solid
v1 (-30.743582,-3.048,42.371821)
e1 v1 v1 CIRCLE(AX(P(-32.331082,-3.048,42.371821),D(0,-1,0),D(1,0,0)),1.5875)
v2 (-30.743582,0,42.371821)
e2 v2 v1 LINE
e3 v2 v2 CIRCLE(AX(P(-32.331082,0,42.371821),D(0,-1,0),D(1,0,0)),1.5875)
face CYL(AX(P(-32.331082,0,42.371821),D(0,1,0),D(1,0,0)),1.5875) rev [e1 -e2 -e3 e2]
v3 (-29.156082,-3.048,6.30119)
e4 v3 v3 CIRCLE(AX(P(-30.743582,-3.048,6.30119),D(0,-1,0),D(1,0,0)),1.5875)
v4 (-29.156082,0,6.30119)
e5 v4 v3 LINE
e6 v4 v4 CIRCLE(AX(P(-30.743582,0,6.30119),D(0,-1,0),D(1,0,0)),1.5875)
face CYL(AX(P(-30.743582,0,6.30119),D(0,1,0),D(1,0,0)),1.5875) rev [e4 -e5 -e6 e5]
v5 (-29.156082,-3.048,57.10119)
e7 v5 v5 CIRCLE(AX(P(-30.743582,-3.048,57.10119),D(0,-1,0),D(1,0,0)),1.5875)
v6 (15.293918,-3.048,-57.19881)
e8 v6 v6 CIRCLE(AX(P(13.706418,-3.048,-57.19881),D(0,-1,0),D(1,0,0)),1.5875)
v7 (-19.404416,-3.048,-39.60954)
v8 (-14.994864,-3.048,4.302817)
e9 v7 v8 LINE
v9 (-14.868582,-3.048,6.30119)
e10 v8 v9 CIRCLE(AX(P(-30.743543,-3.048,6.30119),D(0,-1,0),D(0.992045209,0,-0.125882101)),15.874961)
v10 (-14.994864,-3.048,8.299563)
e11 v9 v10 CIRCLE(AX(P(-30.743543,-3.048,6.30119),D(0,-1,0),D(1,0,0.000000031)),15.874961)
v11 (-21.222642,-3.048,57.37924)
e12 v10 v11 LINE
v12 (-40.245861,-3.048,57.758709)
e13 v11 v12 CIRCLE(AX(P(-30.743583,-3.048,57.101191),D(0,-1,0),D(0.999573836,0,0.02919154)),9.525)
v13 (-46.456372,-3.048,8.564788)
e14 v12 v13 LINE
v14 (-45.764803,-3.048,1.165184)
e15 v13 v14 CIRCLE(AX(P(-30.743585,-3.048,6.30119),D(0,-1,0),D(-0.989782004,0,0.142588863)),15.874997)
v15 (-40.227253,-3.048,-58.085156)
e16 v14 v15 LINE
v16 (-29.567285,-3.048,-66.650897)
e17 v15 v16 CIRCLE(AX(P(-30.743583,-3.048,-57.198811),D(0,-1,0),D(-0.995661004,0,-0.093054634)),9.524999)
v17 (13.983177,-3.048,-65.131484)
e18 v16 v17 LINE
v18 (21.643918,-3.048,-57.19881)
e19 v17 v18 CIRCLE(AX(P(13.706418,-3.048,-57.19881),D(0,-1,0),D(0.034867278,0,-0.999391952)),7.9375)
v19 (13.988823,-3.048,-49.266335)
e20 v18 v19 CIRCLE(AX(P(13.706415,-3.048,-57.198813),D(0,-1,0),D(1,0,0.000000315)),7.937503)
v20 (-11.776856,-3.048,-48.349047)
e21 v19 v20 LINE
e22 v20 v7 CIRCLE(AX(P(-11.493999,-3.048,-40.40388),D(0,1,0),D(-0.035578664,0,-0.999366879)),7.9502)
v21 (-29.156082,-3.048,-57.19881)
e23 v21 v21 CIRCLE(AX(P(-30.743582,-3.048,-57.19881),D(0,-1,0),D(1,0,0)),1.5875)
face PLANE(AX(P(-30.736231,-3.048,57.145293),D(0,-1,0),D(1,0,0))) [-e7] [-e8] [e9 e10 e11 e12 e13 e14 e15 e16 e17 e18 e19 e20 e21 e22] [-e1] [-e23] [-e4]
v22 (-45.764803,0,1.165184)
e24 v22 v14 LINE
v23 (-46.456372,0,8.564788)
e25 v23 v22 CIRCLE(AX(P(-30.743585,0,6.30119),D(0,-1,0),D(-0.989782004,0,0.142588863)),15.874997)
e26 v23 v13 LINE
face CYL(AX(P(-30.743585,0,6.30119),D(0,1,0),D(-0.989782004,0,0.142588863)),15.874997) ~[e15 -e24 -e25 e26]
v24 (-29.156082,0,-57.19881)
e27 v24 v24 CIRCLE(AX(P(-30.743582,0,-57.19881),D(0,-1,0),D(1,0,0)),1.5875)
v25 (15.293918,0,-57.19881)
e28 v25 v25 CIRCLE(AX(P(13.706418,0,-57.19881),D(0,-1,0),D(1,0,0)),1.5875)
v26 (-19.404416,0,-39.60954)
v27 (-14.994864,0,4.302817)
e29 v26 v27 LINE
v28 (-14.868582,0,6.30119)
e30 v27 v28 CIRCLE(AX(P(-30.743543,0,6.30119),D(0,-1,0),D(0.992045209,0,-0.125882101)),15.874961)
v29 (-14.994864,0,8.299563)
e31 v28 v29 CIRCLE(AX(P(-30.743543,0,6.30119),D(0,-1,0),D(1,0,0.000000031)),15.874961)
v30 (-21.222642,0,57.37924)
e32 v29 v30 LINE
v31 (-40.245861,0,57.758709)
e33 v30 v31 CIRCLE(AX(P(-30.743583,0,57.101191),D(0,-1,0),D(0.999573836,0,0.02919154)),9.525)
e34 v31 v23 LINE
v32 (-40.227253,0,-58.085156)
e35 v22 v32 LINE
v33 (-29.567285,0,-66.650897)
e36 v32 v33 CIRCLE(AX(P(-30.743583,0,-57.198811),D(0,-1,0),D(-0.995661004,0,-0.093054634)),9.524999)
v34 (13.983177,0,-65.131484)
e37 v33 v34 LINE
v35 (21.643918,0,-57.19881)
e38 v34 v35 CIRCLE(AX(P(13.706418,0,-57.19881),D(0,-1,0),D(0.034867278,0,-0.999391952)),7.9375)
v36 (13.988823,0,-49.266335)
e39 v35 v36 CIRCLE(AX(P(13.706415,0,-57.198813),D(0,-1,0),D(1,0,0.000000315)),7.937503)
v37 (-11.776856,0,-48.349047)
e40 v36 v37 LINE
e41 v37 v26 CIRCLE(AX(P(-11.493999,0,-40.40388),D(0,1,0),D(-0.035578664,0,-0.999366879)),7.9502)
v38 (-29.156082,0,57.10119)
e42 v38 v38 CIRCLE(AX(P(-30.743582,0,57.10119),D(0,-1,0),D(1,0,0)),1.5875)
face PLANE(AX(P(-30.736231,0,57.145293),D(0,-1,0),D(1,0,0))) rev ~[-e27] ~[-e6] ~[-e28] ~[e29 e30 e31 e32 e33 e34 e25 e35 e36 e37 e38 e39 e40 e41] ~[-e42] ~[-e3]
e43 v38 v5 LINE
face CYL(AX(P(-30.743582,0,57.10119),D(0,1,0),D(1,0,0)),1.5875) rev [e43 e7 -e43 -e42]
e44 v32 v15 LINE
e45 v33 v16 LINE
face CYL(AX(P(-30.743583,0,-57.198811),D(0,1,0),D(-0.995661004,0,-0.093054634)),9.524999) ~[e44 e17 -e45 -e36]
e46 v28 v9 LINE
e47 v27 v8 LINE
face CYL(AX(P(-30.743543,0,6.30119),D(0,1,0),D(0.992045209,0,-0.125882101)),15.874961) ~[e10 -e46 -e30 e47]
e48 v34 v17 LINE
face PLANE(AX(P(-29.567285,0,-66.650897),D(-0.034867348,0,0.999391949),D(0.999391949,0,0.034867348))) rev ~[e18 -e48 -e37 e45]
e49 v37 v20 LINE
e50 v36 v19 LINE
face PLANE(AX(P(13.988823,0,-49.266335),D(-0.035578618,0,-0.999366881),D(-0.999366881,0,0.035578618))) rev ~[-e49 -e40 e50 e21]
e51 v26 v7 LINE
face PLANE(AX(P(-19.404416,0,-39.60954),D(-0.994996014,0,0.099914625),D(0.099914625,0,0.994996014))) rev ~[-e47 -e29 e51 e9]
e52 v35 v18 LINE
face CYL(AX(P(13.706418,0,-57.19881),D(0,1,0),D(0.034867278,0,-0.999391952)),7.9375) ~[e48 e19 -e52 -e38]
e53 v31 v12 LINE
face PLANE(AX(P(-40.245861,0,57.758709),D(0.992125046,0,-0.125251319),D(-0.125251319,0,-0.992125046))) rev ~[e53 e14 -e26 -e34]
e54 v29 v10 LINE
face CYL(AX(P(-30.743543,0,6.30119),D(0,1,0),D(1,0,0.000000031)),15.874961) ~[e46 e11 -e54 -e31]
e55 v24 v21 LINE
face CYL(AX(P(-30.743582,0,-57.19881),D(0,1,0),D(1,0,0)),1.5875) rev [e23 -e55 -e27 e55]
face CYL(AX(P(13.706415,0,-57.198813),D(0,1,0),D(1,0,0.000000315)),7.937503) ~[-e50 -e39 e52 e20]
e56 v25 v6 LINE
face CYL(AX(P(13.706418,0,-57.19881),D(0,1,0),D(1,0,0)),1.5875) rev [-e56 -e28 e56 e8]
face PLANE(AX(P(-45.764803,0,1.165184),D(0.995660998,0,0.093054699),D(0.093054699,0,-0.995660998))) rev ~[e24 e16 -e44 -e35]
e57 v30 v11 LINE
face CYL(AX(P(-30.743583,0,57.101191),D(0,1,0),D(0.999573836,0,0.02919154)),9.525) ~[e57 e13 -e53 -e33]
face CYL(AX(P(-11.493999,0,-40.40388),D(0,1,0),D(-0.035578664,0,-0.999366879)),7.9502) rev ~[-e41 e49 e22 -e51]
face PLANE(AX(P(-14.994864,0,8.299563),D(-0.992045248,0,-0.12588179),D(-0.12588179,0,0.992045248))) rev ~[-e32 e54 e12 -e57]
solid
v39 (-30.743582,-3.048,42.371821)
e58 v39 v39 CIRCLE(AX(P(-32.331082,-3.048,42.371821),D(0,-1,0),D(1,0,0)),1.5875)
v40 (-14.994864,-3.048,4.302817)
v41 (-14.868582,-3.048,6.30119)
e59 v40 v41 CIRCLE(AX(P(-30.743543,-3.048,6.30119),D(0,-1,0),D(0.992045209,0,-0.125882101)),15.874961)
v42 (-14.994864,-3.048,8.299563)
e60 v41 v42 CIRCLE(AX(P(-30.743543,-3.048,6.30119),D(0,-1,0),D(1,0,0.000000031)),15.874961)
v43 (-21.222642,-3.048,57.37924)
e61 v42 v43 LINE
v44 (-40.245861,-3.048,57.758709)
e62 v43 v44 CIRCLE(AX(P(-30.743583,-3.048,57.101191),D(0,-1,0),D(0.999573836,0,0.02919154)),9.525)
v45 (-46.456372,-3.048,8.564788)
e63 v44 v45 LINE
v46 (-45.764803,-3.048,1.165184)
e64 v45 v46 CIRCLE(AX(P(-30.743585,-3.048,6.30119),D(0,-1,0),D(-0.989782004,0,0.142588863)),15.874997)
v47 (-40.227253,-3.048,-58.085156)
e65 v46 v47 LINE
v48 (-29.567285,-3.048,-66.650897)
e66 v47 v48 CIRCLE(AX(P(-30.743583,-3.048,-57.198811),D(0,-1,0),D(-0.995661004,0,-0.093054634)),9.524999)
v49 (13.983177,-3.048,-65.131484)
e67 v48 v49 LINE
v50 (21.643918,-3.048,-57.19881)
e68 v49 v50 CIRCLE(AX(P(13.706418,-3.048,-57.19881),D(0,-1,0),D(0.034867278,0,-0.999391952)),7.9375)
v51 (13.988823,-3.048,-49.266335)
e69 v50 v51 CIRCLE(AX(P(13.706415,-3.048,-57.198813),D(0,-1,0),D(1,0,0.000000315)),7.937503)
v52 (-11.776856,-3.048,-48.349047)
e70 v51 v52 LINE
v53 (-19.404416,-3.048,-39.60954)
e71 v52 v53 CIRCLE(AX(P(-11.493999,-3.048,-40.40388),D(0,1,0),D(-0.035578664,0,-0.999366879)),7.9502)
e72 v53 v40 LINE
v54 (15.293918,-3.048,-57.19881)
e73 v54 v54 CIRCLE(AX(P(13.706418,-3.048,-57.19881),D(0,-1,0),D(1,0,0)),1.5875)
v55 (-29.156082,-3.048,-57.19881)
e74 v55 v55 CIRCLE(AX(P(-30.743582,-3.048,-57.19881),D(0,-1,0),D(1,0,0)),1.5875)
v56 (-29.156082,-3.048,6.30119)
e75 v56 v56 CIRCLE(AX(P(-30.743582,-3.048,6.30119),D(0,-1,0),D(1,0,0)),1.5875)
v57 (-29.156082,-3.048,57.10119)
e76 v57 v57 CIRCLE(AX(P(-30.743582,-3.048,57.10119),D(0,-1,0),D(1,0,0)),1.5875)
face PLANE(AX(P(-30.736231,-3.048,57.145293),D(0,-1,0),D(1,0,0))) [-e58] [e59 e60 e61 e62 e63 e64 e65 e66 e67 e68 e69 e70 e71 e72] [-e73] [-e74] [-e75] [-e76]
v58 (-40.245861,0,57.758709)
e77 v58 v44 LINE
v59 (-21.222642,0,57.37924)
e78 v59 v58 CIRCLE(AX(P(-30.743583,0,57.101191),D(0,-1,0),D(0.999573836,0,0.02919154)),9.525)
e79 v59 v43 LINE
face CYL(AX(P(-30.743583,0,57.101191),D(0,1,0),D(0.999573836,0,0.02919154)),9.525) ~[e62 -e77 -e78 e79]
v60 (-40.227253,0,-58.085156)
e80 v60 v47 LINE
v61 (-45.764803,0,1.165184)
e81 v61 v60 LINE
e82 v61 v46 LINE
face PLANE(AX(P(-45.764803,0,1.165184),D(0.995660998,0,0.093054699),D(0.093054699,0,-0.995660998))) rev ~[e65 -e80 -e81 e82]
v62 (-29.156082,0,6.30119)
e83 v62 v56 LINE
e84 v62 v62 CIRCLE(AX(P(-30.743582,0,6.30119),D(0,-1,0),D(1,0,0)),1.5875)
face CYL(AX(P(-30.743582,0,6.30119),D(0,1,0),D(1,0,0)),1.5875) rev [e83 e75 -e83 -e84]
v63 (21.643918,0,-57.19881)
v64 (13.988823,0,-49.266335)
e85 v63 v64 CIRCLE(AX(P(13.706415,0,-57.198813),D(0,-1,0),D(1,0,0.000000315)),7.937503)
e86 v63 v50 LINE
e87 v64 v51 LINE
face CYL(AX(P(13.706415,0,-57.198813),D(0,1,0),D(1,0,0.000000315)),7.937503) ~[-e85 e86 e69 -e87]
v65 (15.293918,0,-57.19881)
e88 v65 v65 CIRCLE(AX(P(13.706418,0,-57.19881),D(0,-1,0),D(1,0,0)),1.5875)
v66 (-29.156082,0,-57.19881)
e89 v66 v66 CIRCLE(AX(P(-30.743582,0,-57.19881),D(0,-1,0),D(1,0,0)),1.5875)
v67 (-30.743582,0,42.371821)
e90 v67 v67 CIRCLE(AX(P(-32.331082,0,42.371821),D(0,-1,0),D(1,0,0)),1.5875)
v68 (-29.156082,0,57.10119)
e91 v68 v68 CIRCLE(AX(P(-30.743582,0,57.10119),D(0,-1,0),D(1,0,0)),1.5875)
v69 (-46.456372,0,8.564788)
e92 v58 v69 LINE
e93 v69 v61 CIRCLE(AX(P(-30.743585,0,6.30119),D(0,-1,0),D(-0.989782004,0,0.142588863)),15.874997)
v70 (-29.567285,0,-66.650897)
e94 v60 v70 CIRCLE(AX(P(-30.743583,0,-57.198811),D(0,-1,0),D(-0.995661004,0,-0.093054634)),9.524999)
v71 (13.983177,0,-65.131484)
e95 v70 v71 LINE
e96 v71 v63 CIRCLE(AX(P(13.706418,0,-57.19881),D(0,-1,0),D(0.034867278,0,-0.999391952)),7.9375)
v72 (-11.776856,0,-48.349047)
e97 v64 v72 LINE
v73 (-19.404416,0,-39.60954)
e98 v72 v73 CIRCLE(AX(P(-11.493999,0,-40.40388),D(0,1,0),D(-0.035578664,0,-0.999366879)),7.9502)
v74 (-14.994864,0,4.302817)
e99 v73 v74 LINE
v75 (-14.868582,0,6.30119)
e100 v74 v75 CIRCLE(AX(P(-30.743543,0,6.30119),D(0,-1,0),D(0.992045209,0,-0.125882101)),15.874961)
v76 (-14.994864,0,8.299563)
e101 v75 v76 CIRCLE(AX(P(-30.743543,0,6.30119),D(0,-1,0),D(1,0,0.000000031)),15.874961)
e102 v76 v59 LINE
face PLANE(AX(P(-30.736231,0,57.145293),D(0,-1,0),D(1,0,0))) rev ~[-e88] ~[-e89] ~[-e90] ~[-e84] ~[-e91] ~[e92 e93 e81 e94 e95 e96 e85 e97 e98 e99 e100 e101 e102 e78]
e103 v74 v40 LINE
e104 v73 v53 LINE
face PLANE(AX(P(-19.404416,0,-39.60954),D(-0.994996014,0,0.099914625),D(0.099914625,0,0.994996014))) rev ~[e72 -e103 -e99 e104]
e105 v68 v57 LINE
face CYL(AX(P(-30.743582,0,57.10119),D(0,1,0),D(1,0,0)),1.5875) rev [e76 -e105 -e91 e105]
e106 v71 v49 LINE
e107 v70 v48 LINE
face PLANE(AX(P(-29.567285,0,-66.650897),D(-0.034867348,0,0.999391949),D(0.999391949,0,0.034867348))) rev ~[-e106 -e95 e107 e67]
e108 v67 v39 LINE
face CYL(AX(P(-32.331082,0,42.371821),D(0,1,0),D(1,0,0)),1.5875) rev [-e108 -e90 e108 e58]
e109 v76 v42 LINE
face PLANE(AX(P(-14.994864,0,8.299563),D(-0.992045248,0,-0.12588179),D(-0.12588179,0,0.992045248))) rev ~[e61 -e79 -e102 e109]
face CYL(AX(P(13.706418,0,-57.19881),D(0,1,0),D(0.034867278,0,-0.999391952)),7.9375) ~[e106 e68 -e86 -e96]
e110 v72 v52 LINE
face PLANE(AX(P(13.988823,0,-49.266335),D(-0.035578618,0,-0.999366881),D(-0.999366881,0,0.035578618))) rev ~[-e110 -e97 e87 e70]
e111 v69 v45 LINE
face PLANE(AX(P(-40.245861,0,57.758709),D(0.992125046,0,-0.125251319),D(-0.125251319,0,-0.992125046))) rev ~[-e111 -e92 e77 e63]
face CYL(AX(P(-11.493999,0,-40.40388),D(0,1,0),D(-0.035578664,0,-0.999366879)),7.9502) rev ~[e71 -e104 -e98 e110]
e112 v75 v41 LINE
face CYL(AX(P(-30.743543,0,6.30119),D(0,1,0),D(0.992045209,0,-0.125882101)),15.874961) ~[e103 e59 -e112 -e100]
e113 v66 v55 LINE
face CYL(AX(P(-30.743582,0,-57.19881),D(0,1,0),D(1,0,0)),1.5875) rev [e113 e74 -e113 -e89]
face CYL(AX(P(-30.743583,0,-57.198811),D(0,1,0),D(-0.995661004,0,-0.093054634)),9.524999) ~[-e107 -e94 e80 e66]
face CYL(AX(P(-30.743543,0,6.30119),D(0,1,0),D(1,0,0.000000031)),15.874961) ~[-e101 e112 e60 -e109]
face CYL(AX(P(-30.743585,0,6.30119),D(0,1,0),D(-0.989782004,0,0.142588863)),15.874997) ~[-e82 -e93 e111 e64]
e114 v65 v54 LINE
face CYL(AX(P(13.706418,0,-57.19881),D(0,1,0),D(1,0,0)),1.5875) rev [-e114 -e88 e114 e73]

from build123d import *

# Parameters (mm, degrees)
F0_R     = 1.5875
F1_DEPTH = 3.048
F2_DEPTH = 3.048


with BuildPart() as f1:
    # F0 (on Front) → F1 (new body)
    with BuildSketch(Plane.XZ):
        with BuildLine():
            ThreePointArc((-40.245861, 57.758709), (-31.072538, 47.581872), (-21.218582, 57.10119))
            ThreePointArc((-21.218582, 57.10119), (-21.219597, 57.24023), (-21.222642, 57.37924))
            ThreePointArc((-21.222642, 57.37924), (-30.553618, 66.624296), (-40.245861, 57.758709))
        make_face()
        with Locations((-30.743582, 57.10119)):
            Circle(F0_R, mode=Mode.SUBTRACT)
        with BuildLine():
            ThreePointArc((-21.222642, 57.37924), (-21.219597, 57.24023), (-21.218582, 57.10119))
            ThreePointArc((-21.218582, 57.10119), (-31.072538, 47.581872), (-40.245861, 57.758709))
            Line((-40.245861, 57.758709), (-46.456372, 8.564788))
            ThreePointArc((-46.456372, 8.564788), (-30.609759, 22.175626), (-14.994864, 8.299563))
            Line((-14.994864, 8.299563), (-21.222642, 57.37924))
        make_face()
        with Locations((-32.331082, 42.371821)):
            Circle(F0_R, mode=Mode.SUBTRACT)
        with BuildLine():
            ThreePointArc((-14.868582, 6.30119), (-14.900184, 7.30237), (-14.994864, 8.299563))
            ThreePointArc((-14.994864, 8.299563), (-30.609759, 22.175626), (-46.456372, 8.564788))
            Line((-46.456372, 8.564788), (-45.764803, 1.165184))
            ThreePointArc((-45.764803, 1.165184), (-29.133149, -9.491914), (-14.994864, 4.302817))
            ThreePointArc((-14.994864, 4.302817), (-14.900184, 5.30001), (-14.868582, 6.30119))
        make_face()
        with Locations((-30.743582, 6.30119)):
            Circle(F0_R, mode=Mode.SUBTRACT)
        with BuildLine():
            Line((-45.764803, 1.165184), (-46.456372, 8.564788))
            ThreePointArc((-46.456372, 8.564788), (-46.549701, 4.823947), (-45.764803, 1.165184))
        make_face()
        with BuildLine():
            ThreePointArc((-14.994864, 4.302817), (-29.133149, -9.491914), (-45.764803, 1.165184))
            Line((-45.764803, 1.165184), (-40.227253, -58.085156))
            ThreePointArc((-40.227253, -58.085156), (-31.187237, -47.684148), (-21.218582, -57.19881))
            ThreePointArc((-21.218582, -57.19881), (-23.60461, -63.504418), (-29.567285, -66.650897))
            Line((-29.567285, -66.650897), (13.983177, -65.131484))
            ThreePointArc((13.983177, -65.131484), (5.768918, -57.195985), (13.988823, -49.266335))
            Line((13.988823, -49.266335), (-11.776856, -48.349047))
            ThreePointArc((-11.776856, -48.349047), (-17.483755, -45.631547), (-19.404416, -39.60954))
            Line((-19.404416, -39.60954), (-14.994864, 4.302817))
        make_face()
        with BuildLine():
            ThreePointArc((-21.218582, -57.19881), (-31.187237, -47.684148), (-40.227253, -58.085156))
            ThreePointArc((-40.227253, -58.085156), (-36.709829, -64.623736), (-29.567285, -66.650897))
            ThreePointArc((-29.567285, -66.650897), (-23.60461, -63.504418), (-21.218582, -57.19881))
        make_face()
        with Locations((-30.743582, -57.19881)):
            Circle(F0_R, mode=Mode.SUBTRACT)
        with BuildLine():
            ThreePointArc((13.988823, -49.266335), (5.768918, -57.195985), (13.983177, -65.131484))
            ThreePointArc((13.983177, -65.131484), (19.416089, -62.712753), (21.643918, -57.19881))
            ThreePointArc((21.643918, -57.19881), (19.41805, -51.6869), (13.988823, -49.266335))
        make_face()
        with Locations((13.706418, -57.19881)):
            Circle(F0_R, mode=Mode.SUBTRACT)
    extrude(amount=F1_DEPTH)


with BuildPart() as f2:
    # F0 (on Front) → F2 (new body)
    with BuildSketch(Plane.XZ):
        with BuildLine():
            ThreePointArc((-40.245861, 57.758709), (-31.072538, 47.581872), (-21.218582, 57.10119))
            ThreePointArc((-21.218582, 57.10119), (-21.219597, 57.24023), (-21.222642, 57.37924))
            ThreePointArc((-21.222642, 57.37924), (-30.553618, 66.624296), (-40.245861, 57.758709))
        make_face()
        with Locations((-30.743582, 57.10119)):
            Circle(F0_R, mode=Mode.SUBTRACT)
        with BuildLine():
            ThreePointArc((-21.222642, 57.37924), (-21.219597, 57.24023), (-21.218582, 57.10119))
            ThreePointArc((-21.218582, 57.10119), (-31.072538, 47.581872), (-40.245861, 57.758709))
            Line((-40.245861, 57.758709), (-46.456372, 8.564788))
            ThreePointArc((-46.456372, 8.564788), (-30.609759, 22.175626), (-14.994864, 8.299563))
            Line((-14.994864, 8.299563), (-21.222642, 57.37924))
        make_face()
        with Locations((-32.331082, 42.371821)):
            Circle(F0_R, mode=Mode.SUBTRACT)
        with BuildLine():
            ThreePointArc((-14.868582, 6.30119), (-14.900184, 7.30237), (-14.994864, 8.299563))
            ThreePointArc((-14.994864, 8.299563), (-30.609759, 22.175626), (-46.456372, 8.564788))
            Line((-46.456372, 8.564788), (-45.764803, 1.165184))
            ThreePointArc((-45.764803, 1.165184), (-29.133149, -9.491914), (-14.994864, 4.302817))
            ThreePointArc((-14.994864, 4.302817), (-14.900184, 5.30001), (-14.868582, 6.30119))
        make_face()
        with Locations((-30.743582, 6.30119)):
            Circle(F0_R, mode=Mode.SUBTRACT)
        with BuildLine():
            Line((-45.764803, 1.165184), (-46.456372, 8.564788))
            ThreePointArc((-46.456372, 8.564788), (-46.549701, 4.823947), (-45.764803, 1.165184))
        make_face()
        with BuildLine():
            ThreePointArc((-14.994864, 4.302817), (-29.133149, -9.491914), (-45.764803, 1.165184))
            Line((-45.764803, 1.165184), (-40.227253, -58.085156))
            ThreePointArc((-40.227253, -58.085156), (-31.187237, -47.684148), (-21.218582, -57.19881))
            ThreePointArc((-21.218582, -57.19881), (-23.60461, -63.504418), (-29.567285, -66.650897))
            Line((-29.567285, -66.650897), (13.983177, -65.131484))
            ThreePointArc((13.983177, -65.131484), (5.768918, -57.195985), (13.988823, -49.266335))
            Line((13.988823, -49.266335), (-11.776856, -48.349047))
            ThreePointArc((-11.776856, -48.349047), (-17.483755, -45.631547), (-19.404416, -39.60954))
            Line((-19.404416, -39.60954), (-14.994864, 4.302817))
        make_face()
        with BuildLine():
            ThreePointArc((-21.218582, -57.19881), (-31.187237, -47.684148), (-40.227253, -58.085156))
            ThreePointArc((-40.227253, -58.085156), (-36.709829, -64.623736), (-29.567285, -66.650897))
            ThreePointArc((-29.567285, -66.650897), (-23.60461, -63.504418), (-21.218582, -57.19881))
        make_face()
        with Locations((-30.743582, -57.19881)):
            Circle(F0_R, mode=Mode.SUBTRACT)
        with BuildLine():
            ThreePointArc((13.988823, -49.266335), (5.768918, -57.195985), (13.983177, -65.131484))
            ThreePointArc((13.983177, -65.131484), (19.416089, -62.712753), (21.643918, -57.19881))
            ThreePointArc((21.643918, -57.19881), (19.41805, -51.6869), (13.988823, -49.266335))
        make_face()
        with Locations((13.706418, -57.19881)):
            Circle(F0_R, mode=Mode.SUBTRACT)
    extrude(amount=F2_DEPTH)


solid = Compound([f1.part, f2.part])
